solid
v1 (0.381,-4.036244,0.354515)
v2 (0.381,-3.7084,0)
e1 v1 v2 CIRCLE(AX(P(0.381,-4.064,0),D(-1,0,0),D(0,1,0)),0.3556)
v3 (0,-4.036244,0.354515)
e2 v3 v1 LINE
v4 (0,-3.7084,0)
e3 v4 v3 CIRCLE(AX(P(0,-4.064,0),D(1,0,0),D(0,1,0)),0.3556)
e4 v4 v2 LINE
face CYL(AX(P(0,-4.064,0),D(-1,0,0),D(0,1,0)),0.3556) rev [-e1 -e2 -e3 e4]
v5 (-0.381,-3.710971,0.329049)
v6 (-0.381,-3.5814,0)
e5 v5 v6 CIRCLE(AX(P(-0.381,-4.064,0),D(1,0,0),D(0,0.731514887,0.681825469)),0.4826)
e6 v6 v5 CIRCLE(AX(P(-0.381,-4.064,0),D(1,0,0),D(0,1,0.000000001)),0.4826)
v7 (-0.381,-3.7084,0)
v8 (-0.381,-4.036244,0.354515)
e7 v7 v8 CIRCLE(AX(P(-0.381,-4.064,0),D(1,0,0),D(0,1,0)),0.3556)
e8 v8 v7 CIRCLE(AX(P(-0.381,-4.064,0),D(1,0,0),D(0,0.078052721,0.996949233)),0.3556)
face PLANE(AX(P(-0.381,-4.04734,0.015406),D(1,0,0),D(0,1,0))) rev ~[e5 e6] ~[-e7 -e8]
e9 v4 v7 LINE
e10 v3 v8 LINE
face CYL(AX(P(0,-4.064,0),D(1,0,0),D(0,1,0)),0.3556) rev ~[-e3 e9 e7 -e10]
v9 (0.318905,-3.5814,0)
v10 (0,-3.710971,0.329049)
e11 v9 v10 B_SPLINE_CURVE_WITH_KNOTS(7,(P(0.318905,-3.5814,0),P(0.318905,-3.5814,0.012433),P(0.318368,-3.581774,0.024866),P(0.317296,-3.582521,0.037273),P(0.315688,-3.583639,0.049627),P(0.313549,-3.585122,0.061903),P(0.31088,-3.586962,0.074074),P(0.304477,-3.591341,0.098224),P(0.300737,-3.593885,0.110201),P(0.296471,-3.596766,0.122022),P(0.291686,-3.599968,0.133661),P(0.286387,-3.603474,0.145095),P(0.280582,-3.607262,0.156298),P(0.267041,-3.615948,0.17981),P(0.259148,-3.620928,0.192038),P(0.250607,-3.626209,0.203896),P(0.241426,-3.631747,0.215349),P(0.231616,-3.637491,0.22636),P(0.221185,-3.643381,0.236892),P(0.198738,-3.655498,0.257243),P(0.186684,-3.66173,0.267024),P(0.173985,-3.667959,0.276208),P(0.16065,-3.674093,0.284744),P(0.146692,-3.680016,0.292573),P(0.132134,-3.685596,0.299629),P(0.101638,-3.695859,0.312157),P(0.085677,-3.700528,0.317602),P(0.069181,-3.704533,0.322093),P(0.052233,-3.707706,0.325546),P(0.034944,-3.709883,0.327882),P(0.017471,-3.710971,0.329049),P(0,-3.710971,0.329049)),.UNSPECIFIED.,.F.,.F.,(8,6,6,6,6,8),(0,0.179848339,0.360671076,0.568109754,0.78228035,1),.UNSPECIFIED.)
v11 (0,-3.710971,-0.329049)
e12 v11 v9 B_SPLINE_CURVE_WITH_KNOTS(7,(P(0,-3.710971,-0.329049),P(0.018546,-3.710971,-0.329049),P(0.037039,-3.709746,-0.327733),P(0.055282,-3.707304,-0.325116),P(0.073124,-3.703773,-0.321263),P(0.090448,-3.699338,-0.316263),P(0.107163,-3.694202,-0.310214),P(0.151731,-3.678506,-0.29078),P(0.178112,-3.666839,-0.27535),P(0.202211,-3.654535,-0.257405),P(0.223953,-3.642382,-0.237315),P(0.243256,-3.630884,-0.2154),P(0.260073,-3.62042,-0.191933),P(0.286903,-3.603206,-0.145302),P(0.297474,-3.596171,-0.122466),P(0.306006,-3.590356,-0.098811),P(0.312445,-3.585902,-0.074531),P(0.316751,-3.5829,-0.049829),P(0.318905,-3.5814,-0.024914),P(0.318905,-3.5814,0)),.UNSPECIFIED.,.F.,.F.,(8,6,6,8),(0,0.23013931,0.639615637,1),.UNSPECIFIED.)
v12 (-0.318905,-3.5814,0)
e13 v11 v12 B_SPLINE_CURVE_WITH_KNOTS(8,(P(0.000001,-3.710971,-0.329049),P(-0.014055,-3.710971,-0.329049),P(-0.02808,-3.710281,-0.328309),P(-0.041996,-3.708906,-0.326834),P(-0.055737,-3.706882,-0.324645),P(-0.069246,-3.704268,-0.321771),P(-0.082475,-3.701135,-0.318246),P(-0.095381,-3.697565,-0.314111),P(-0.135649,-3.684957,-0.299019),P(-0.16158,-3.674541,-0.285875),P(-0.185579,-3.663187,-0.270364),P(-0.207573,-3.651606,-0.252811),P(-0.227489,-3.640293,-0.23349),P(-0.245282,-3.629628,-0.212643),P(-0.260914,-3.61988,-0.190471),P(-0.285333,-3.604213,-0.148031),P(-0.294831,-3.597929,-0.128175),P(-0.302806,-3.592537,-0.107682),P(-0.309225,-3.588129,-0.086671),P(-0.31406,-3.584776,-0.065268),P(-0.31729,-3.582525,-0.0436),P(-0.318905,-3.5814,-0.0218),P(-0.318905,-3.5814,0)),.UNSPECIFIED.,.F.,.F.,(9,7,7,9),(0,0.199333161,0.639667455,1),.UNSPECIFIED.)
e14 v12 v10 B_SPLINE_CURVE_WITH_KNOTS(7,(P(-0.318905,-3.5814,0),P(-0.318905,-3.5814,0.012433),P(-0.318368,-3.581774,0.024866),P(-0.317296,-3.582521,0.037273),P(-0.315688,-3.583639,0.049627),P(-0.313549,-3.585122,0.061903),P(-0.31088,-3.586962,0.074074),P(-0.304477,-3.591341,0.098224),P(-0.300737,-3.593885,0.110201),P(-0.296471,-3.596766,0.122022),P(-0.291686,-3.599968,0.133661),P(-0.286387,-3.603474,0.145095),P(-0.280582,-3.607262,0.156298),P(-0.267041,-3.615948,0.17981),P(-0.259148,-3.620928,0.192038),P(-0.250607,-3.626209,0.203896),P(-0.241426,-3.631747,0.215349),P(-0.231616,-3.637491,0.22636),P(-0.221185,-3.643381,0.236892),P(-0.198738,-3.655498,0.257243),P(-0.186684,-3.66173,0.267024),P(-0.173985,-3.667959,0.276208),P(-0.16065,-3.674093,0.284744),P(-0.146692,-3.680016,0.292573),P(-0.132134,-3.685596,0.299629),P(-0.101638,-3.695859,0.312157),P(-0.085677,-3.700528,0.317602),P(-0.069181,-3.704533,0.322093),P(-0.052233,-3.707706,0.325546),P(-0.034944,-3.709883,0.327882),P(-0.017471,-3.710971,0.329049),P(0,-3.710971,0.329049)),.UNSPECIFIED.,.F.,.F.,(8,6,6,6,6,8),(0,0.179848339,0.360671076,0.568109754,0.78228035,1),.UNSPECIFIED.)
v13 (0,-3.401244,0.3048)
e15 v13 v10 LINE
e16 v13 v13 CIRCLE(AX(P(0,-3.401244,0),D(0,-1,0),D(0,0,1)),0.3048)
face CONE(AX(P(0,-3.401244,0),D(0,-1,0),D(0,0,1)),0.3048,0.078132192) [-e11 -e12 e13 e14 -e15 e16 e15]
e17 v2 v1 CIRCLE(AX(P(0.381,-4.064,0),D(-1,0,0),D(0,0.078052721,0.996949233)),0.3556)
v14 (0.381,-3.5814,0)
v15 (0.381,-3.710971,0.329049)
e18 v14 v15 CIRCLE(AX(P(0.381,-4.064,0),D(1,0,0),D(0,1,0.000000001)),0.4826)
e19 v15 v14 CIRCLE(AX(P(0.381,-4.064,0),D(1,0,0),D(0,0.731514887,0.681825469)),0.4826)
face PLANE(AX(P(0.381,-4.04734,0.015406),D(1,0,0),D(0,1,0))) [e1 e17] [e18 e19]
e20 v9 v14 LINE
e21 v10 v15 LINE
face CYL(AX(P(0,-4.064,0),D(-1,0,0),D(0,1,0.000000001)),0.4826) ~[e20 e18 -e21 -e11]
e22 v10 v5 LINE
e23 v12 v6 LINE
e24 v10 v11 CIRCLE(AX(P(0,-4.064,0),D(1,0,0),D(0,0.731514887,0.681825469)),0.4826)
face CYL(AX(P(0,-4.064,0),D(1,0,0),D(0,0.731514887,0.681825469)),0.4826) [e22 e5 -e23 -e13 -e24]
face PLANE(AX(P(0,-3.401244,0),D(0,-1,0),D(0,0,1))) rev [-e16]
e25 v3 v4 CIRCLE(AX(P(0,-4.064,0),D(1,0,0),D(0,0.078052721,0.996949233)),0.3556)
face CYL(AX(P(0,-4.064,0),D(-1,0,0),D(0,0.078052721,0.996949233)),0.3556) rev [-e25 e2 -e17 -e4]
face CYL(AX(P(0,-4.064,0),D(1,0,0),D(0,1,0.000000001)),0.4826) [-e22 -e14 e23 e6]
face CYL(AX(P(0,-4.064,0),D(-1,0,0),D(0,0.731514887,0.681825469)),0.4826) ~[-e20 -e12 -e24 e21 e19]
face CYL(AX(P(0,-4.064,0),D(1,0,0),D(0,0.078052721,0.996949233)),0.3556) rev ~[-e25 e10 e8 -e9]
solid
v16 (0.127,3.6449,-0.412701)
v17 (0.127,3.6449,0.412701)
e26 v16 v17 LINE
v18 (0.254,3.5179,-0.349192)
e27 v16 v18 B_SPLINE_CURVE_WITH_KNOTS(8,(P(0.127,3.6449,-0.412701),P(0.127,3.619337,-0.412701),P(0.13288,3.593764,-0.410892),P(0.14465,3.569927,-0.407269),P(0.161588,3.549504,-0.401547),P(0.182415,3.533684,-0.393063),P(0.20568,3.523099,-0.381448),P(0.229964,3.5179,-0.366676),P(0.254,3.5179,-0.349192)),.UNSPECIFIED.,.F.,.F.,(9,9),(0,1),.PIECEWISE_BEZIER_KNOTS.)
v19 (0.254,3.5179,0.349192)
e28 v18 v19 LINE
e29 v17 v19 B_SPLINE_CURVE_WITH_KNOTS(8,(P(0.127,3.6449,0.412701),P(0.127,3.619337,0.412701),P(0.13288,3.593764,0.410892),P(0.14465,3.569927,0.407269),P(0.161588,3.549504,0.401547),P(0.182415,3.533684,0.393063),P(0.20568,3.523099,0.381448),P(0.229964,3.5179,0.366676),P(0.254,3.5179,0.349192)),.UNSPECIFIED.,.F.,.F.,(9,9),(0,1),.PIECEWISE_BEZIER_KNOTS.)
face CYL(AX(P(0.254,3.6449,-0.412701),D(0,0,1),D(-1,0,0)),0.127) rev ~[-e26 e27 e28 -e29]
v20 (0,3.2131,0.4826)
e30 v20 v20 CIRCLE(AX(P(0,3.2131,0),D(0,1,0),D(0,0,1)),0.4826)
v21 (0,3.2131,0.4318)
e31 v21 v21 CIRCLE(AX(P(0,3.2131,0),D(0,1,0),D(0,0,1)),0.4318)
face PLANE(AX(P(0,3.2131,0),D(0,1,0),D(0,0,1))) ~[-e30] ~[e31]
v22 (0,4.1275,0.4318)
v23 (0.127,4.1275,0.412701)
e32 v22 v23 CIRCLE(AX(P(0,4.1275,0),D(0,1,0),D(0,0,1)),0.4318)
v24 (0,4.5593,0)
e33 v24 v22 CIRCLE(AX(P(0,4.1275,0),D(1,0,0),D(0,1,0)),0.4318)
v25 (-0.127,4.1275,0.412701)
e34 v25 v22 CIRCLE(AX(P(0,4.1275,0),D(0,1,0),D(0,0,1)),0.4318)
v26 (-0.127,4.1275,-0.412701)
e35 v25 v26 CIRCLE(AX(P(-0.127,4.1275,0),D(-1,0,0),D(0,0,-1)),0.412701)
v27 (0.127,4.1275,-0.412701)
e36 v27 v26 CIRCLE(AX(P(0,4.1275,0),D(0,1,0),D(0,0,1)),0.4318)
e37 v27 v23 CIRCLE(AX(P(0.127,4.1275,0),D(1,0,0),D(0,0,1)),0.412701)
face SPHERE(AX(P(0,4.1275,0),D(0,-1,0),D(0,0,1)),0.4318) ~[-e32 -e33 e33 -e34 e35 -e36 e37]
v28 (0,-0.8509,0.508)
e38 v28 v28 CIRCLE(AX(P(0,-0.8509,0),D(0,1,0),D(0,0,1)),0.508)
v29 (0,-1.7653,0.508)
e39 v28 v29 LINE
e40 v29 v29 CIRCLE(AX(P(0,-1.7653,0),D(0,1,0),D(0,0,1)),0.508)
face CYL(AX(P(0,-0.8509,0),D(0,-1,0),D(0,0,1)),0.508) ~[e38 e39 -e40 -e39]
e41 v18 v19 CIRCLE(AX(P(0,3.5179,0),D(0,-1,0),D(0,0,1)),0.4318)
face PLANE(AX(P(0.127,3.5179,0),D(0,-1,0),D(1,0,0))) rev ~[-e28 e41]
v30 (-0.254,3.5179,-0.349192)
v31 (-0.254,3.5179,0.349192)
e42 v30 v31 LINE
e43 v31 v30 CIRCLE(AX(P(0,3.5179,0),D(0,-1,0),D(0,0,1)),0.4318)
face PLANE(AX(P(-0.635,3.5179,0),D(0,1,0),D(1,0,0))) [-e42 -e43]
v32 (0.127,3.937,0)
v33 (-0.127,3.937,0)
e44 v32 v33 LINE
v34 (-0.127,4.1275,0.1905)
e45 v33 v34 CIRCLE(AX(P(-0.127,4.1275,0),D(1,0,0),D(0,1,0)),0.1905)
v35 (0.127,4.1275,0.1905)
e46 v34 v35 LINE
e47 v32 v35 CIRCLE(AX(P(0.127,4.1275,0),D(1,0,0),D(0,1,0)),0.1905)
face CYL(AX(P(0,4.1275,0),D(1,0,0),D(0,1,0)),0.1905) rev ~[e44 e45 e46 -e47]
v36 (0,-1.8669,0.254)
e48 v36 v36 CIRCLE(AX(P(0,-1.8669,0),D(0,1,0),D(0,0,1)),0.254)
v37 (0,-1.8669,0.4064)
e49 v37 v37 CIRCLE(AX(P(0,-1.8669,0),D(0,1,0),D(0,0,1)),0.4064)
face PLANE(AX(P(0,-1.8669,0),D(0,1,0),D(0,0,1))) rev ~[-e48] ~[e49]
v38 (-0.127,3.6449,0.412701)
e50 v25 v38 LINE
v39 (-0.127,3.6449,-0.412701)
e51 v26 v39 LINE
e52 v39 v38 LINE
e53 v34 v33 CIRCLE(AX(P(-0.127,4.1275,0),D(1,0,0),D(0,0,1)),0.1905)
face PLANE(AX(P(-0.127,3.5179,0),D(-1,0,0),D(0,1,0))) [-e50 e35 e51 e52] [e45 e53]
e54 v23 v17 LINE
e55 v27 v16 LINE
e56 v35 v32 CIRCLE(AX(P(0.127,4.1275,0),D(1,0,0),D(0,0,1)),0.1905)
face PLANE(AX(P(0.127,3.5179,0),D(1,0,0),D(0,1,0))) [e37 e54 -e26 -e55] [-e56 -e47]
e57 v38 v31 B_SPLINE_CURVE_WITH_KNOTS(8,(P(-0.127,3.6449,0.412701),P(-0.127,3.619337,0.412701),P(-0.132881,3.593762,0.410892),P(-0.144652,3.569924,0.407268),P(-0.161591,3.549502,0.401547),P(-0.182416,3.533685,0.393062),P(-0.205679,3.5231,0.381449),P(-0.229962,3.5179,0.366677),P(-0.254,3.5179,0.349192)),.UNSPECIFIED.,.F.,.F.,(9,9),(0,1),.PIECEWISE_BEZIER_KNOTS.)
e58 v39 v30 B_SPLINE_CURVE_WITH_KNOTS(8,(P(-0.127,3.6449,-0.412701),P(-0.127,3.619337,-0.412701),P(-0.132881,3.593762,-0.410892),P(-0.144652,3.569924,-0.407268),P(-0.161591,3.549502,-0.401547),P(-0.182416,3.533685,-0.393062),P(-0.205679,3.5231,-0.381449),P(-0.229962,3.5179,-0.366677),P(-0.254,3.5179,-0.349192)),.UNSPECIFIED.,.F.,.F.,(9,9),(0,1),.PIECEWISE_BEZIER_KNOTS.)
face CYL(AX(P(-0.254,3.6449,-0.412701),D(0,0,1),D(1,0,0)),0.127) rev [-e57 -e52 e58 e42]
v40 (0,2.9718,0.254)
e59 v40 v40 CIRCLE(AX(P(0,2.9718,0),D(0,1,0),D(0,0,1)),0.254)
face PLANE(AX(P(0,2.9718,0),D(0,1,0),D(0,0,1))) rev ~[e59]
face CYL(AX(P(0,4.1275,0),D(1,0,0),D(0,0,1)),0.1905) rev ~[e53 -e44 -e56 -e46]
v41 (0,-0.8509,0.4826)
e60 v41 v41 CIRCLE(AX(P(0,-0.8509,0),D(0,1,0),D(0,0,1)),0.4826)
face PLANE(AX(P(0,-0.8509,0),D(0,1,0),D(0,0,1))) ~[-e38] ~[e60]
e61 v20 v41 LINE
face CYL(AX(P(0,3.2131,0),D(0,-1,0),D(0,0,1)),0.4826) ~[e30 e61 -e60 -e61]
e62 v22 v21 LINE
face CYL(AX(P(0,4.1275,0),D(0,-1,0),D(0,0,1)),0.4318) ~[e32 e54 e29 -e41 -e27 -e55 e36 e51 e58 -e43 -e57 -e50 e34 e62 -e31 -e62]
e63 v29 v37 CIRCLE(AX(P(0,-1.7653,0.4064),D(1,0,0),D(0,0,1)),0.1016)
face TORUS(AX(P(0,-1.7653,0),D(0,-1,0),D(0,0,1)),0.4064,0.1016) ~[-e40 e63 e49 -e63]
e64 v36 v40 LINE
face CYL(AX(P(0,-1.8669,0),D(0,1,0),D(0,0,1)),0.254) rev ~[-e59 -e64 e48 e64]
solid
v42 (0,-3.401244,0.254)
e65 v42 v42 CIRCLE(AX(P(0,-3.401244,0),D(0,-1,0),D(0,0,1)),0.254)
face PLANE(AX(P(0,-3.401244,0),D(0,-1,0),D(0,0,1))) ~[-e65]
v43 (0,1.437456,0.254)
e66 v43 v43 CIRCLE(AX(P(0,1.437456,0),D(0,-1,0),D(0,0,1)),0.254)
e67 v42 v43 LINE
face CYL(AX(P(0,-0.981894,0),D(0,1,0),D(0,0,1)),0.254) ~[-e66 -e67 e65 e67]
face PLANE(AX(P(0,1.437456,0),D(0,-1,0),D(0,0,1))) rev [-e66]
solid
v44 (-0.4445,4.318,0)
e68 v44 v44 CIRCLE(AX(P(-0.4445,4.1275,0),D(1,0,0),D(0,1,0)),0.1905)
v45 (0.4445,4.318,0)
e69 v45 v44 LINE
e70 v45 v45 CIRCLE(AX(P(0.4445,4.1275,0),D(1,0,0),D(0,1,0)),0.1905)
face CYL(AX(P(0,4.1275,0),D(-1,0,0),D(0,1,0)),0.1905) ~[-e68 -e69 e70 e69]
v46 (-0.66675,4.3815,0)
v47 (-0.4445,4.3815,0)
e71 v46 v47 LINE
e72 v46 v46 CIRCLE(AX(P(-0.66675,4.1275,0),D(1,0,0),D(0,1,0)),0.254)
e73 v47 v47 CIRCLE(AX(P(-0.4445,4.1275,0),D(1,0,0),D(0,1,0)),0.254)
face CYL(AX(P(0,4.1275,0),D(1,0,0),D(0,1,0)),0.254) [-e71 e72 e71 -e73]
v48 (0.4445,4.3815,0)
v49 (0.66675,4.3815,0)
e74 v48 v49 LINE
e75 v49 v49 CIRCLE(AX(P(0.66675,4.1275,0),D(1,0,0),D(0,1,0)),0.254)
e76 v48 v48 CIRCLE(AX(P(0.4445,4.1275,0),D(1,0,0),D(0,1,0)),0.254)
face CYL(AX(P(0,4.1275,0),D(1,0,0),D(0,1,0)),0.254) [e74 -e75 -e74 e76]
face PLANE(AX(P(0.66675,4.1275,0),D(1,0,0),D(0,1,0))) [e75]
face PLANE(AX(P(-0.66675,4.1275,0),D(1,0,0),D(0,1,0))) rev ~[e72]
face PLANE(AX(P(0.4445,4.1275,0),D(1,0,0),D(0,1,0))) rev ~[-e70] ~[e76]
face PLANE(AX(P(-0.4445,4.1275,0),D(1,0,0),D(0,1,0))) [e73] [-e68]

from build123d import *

# Parameters (mm, degrees)
F2_R      = 0.1016
F3_W      = 0.508
F3_H      = 1.27
F4_DEPTH  = 1.27
F5_R      = 0.127
F6_DEPTH  = 12.7
F8_DEPTH  = 0.381
F10_DEPTH = 12.7
F7_W      = 4.8387
F7_H      = 0.254
F12_R     = 0.254
F12_R_2   = 0.1905
F13_DEPTH = 0.66675
F14_DEPTH = 0.4445


with BuildPart() as f1:
    # F0 (on Right) → F1 (revolve)
    with BuildSketch(Plane.YZ):
        Polygon((2.9718, 0), (3.2131, 0), (3.2131, 0.4318), (3.2131, 0.4826), (-0.8509, 0.4826), (-0.8509, 0.508), (-1.8669, 0.508), (-1.8669, 0.254), (2.9718, 0.254), align=None)
        with BuildLine():
            Line((3.2131, 0.4318), (3.2131, 0))
            Line((3.2131, 0), (3.937, 0))
            ThreePointArc((3.937, 0), (3.9927961582, 0.1347038418), (4.1275, 0.1905))
            Line((4.1275, 0.1905), (4.1275, 0.4318))
            Line((4.1275, 0.4318), (3.2131, 0.4318))
        make_face()
        with BuildLine():
            ThreePointArc((4.1275, 0.1905), (3.9927961582, 0.1347038418), (3.937, 0))
            Line((3.937, 0), (4.1275, 0))
            Line((4.1275, 0), (4.1275, 0.1905))
        make_face()
        with BuildLine():
            Line((4.1275, 0.1905), (4.1275, 0))
            Line((4.1275, 0), (4.318, 0))
            ThreePointArc((4.318, 0), (4.2622038418, 0.1347038418), (4.1275, 0.1905))
        make_face()
        with BuildLine():
            ThreePointArc((4.5593, 0), (4.4328287081, 0.3053287081), (4.1275, 0.4318))
            Line((4.1275, 0.4318), (4.1275, 0.1905))
            ThreePointArc((4.1275, 0.1905), (4.2622038418, 0.1347038418), (4.318, 0))
            Line((4.318, 0), (4.5593, 0))
        make_face()
    revolve(axis=Axis((0, 3.09245, 0), (0, 1, 0)))

    # F2
    f2_edges = [f1.edges().sort_by_distance(p)[0] for p in [
        (0, -1.8669, -0.508),
    ]]
    fillet(f2_edges, radius=F2_R)

    # F3 (on Top) → F4 (cut, symmetric)
    with BuildSketch(Plane.XY):
        with Locations((-0.381, 4.1529)):
            Rectangle(F3_W, F3_H)
        with Locations((0.381, 4.1529)):
            Rectangle(F3_W, F3_H)
    extrude(amount=F4_DEPTH, both=True, mode=Mode.SUBTRACT)

    # F5
    f5_edges = [f1.edges().sort_by_distance(p)[0] for p in [
        (-0.127, 3.5179, 0),
        (0.127, 3.5179, 0),
    ]]
    fillet(f5_edges, radius=F5_R)

    # F0 (on Right) → F6 (cut, symmetric)
    with BuildSketch(Plane.YZ):
        with BuildLine():
            Line((4.1275, 0.1905), (4.1275, 0))
            Line((4.1275, 0), (4.318, 0))
            ThreePointArc((4.318, 0), (4.2622038418, 0.1347038418), (4.1275, 0.1905))
        make_face()
        with BuildLine():
            ThreePointArc((4.1275, 0.1905), (3.9927961582, 0.1347038418), (3.937, 0))
            Line((3.937, 0), (4.1275, 0))
            Line((4.1275, 0), (4.1275, 0.1905))
        make_face()
        with BuildLine():
            Line((4.1275, 0), (3.937, 0))
            ThreePointArc((3.937, 0), (4.1275, -0.1905), (4.318, 0))
            Line((4.318, 0), (4.1275, 0))
        make_face()
    extrude(amount=F6_DEPTH, both=True, mode=Mode.SUBTRACT)


with BuildPart() as f8:
    # F7 (on Right) → F8 (new body, symmetric)
    with BuildSketch(Plane.YZ):
        with BuildLine():
            ThreePointArc((-4.0362444524, 0.3545151472), (-4.3250758824, -0.2414347606), (-3.7084, 0))
            ThreePointArc((-3.7084, 0), (-3.8029241176, 0.2414347606), (-4.0362444524, 0.3545151472))
        make_face()
        with BuildLine():
            Line((-3.7084, 0), (-3.5814, 0))
            ThreePointArc((-3.5814, 0), (-3.6149595808, 0.1768204227), (-3.7109709154, 0.3290489712))
            Line((-3.7109709154, 0.3290489712), (-4.0362444524, 0.3545151472))
            ThreePointArc((-4.0362444524, 0.3545151472), (-3.8029241176, 0.2414347606), (-3.7084, 0))
        make_face()
        with BuildLine():
            ThreePointArc((-3.7109709154, 0.3290489712), (-4.5130404192, -0.1768204227), (-3.5814, 0))
            Line((-3.5814, 0), (-3.7084, 0))
            ThreePointArc((-3.7084, 0), (-4.3250758824, -0.2414347606), (-4.0362444524, 0.3545151472))
            Line((-4.0362444524, 0.3545151472), (-3.7109709154, 0.3290489712))
        make_face()
    extrude(amount=F8_DEPTH, both=True)

    # F7 (on Right) → F9 (revolve)
    with BuildSketch(Plane.YZ):
        with BuildLine():
            ThreePointArc((-3.7109709154, 0.3290489712), (-3.6149595808, 0.1768204227), (-3.5814, 0))
            Line((-3.5814, 0), (-3.4012444524, 0))
            Line((-3.4012444524, 0), (-3.4012444524, 0.254))
            Line((-3.4012444524, 0.254), (-3.4012444524, 0.3048))
            Line((-3.4012444524, 0.3048), (-3.7109709154, 0.3290489712))
        make_face()
        with BuildLine():
            Line((-3.7084, 0), (-3.5814, 0))
            ThreePointArc((-3.5814, 0), (-3.6149595808, 0.1768204227), (-3.7109709154, 0.3290489712))
            Line((-3.7109709154, 0.3290489712), (-4.0362444524, 0.3545151472))
            ThreePointArc((-4.0362444524, 0.3545151472), (-3.8029241176, 0.2414347606), (-3.7084, 0))
        make_face()
    revolve(axis=Axis((0, -3.5548222262, 0), (0, -1, 0)))

    # F7 (on Right) → F10 (cut, symmetric)
    with BuildSketch(Plane.YZ):
        with BuildLine():
            ThreePointArc((-4.0362444524, 0.3545151472), (-4.3250758824, -0.2414347606), (-3.7084, 0))
            ThreePointArc((-3.7084, 0), (-3.8029241176, 0.2414347606), (-4.0362444524, 0.3545151472))
        make_face()
    extrude(amount=F10_DEPTH, both=True, mode=Mode.SUBTRACT)


with BuildPart() as f11:
    # F7 (on Right) → F11 (revolve)
    with BuildSketch(Plane.YZ):
        with Locations((-0.9818944524, 0.127)):
            Rectangle(F7_W, F7_H)
    revolve(axis=Axis((0, -0.9818944524, 0), (0, -1, 0)))


with BuildPart() as f13:
    # F12 (on Right) → F13 (new body, symmetric)
    with BuildSketch(Plane.YZ):
        with Locations((4.1275, 0)):
            Circle(F12_R)
        with Locations((4.1275, 0)):
            Circle(F12_R_2, mode=Mode.SUBTRACT)
        with Locations((4.1275, 0)):
            Circle(F12_R_2)
    extrude(amount=F13_DEPTH, both=True)

    # F12 (on Right) → F14 (cut, symmetric)
    with BuildSketch(Plane.YZ):
        with Locations((4.1275, 0)):
            Circle(F12_R)
        with Locations((4.1275, 0)):
            Circle(F12_R_2, mode=Mode.SUBTRACT)
    extrude(amount=F14_DEPTH, both=True, mode=Mode.SUBTRACT)


solid = Compound([f1.part, f8.part, f11.part, f13.part])
